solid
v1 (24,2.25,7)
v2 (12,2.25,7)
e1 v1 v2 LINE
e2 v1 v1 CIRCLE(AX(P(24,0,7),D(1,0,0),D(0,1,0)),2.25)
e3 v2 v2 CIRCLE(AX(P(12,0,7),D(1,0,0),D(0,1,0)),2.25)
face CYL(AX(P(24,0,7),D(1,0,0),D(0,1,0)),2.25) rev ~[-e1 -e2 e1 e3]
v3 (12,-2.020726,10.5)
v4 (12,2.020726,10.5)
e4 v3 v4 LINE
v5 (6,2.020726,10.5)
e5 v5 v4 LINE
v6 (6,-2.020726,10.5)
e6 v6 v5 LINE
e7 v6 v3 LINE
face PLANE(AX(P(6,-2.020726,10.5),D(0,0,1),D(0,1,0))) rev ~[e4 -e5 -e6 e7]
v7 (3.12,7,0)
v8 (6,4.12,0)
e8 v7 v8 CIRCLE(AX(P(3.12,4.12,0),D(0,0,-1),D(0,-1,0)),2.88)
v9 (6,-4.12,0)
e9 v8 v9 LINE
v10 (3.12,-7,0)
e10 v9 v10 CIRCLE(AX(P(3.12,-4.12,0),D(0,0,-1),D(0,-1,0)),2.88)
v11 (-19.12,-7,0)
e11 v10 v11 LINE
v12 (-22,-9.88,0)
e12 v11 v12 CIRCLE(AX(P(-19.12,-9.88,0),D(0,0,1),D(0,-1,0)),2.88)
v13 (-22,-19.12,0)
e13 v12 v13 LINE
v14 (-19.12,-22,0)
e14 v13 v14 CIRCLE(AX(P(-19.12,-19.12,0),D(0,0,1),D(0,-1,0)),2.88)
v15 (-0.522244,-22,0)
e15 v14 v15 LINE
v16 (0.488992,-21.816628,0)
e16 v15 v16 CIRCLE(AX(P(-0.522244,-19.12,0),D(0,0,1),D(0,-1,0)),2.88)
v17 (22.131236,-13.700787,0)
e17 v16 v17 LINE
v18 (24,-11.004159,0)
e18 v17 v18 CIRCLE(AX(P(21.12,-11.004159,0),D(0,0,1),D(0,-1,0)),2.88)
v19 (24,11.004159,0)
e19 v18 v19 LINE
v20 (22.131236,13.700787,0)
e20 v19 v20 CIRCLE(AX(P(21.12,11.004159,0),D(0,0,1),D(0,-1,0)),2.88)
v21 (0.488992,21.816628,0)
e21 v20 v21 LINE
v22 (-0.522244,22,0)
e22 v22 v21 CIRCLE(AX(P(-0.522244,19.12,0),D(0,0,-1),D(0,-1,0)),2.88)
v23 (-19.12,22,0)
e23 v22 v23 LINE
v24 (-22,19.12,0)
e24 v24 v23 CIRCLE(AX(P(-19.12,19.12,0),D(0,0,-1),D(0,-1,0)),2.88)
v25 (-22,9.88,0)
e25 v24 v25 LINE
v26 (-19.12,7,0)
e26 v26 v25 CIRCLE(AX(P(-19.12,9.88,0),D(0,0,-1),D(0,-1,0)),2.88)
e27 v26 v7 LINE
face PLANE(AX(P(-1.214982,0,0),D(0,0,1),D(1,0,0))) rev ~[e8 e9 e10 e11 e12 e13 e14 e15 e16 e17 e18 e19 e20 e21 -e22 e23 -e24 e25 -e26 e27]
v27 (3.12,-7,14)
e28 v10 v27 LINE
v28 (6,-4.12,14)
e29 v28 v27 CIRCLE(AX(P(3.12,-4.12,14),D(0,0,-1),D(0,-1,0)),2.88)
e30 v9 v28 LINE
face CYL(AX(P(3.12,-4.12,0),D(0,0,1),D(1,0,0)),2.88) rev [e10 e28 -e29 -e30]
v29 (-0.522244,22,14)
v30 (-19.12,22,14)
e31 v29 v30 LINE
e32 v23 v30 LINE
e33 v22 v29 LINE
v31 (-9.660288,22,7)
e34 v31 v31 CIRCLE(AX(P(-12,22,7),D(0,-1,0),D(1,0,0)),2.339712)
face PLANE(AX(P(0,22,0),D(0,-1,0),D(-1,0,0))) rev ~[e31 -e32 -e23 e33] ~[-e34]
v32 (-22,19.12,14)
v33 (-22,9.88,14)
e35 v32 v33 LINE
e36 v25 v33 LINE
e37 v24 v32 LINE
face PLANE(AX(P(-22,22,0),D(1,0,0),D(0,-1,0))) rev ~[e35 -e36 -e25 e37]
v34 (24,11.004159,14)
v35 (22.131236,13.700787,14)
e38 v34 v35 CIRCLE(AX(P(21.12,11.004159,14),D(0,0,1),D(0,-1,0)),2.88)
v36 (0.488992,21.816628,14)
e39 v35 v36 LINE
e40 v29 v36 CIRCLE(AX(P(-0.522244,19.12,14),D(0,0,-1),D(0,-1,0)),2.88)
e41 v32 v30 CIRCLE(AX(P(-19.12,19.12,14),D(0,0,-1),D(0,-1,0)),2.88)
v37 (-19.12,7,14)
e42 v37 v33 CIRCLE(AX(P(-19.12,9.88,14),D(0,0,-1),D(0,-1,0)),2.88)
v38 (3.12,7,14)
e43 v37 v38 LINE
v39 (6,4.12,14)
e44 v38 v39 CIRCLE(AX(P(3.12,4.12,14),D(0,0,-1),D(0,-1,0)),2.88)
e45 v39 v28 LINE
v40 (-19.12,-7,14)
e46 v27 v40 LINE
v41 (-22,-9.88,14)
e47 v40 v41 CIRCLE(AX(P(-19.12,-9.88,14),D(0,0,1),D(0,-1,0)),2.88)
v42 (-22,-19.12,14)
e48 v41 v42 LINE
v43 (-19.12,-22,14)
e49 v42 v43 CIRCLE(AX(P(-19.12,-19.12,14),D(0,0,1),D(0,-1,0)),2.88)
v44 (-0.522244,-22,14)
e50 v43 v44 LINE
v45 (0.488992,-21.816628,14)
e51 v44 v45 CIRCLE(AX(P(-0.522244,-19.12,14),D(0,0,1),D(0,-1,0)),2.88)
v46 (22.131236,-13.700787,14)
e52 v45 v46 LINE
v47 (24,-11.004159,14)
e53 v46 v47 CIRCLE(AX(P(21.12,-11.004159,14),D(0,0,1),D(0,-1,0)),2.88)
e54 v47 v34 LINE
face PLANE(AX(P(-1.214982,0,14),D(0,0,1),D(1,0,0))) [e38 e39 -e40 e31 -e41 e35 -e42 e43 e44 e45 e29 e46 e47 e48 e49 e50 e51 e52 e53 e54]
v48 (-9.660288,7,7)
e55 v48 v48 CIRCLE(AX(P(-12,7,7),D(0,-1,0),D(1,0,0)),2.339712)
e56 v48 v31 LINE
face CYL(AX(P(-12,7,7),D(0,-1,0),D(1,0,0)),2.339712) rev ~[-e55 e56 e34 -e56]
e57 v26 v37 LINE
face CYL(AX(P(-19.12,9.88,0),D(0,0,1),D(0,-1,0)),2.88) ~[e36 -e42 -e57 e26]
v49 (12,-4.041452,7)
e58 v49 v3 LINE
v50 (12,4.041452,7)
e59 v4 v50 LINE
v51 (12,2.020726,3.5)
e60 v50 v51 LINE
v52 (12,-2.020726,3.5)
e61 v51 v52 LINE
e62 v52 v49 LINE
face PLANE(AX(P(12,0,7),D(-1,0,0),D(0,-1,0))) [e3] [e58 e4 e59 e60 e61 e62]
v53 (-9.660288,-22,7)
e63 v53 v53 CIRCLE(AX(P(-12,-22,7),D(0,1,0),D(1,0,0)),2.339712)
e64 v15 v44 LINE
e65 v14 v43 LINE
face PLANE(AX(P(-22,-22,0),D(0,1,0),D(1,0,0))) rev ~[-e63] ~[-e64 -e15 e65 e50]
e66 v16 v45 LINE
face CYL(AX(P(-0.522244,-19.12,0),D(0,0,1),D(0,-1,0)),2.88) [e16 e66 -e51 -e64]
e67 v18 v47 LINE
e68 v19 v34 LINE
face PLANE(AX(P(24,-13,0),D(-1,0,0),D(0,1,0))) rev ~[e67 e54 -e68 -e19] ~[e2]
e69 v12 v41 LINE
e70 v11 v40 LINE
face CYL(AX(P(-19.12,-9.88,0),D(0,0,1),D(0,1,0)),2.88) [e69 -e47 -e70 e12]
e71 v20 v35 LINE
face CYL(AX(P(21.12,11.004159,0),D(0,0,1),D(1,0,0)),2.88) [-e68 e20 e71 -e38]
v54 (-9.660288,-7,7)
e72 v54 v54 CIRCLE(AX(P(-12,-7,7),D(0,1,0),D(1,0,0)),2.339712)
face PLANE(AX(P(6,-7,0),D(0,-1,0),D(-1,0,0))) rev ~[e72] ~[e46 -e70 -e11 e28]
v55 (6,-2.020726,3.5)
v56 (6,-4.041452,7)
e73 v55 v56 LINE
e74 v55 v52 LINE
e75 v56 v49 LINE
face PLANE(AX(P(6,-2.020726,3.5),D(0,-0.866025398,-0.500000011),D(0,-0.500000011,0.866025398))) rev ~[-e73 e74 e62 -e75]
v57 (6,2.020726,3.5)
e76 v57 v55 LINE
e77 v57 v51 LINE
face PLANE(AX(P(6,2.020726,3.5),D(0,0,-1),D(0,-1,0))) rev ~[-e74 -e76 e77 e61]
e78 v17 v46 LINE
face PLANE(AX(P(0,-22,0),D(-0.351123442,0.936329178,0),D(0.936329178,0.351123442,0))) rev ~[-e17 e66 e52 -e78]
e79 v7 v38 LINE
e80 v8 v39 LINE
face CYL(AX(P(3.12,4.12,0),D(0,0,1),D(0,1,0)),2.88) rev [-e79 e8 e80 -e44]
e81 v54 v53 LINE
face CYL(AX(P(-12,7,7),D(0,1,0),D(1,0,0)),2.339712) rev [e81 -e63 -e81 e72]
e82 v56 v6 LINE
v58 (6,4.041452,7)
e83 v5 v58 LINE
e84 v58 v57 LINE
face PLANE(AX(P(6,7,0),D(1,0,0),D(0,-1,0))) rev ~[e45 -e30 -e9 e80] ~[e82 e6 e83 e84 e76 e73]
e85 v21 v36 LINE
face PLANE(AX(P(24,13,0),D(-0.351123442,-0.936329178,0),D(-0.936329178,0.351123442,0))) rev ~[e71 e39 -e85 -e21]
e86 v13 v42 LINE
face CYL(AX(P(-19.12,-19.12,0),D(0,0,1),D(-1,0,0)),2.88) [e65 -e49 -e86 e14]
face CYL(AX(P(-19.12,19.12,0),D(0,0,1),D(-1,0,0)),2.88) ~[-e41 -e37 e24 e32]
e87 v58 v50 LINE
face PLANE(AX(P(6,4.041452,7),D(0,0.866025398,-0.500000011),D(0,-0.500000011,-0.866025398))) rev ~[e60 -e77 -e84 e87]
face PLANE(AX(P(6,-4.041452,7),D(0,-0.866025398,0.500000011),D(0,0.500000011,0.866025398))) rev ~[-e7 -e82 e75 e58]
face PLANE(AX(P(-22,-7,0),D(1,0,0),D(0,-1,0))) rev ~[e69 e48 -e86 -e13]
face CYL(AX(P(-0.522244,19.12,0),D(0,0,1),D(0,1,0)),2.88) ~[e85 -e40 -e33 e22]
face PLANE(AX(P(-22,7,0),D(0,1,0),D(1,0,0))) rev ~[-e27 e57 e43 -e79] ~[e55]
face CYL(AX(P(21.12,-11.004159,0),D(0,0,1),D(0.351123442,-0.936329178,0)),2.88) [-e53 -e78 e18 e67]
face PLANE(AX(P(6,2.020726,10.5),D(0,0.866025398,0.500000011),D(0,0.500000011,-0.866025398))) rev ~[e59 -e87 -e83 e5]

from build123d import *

# Parameters (mm, degrees)
PAD_DEPTH            = 14
POCKET_DEPTH         = 6
SKETCH002_R          = 2.25
POCKET001_DEPTH      = 46.001
SKETCH003_R          = 2.339712
POCKET002_DEPTH      = 1000
POCKET002_DEPTH_BACK = -100
FILLET_R             = 2.88


with BuildPart() as part:
    # Sketch → Pad (new body)
    with BuildSketch(Plane.XY):
        Polygon((-22, 7), (6, 7), (6, -7), (-22, -7), (-22, -22), (0, -22), (24, -13), (24, 13), (0, 22), (-22, 22), align=None)
    extrude(amount=PAD_DEPTH)

    # Sketch001 (on Face2 of Pad) → Pocket (cut)
    with BuildSketch(Plane(origin=(6, 0, 0), x_dir=(0, -1, 0), z_dir=(-1, 0, 0))):
        Polygon((-2.020726, 3.5), (2.020726, 3.5), (4.041452, 7), (2.020726, 10.5), (-2.020726, 10.5), (-4.041452, 7), align=None)
    extrude(amount=-POCKET_DEPTH, mode=Mode.SUBTRACT)

    # Sketch002 (on Face17 of Pocket) → Pocket001 (cut, through all)
    with BuildSketch(Plane.YZ.offset(24)):
        with Locations((0, 7)):
            Circle(SKETCH002_R)
    extrude(amount=-POCKET001_DEPTH, mode=Mode.SUBTRACT)

    # Sketch003 (on Face1 of Pocket001) → Pocket002 (cut, two sides)
    with BuildSketch(Plane.XZ.offset(-7)) as pocket002_sk:
        with Locations((-12, 7)):
            Circle(SKETCH003_R)
    extrude(amount=-POCKET002_DEPTH, mode=Mode.SUBTRACT)
    extrude(pocket002_sk.sketch, amount=-POCKET002_DEPTH_BACK, mode=Mode.SUBTRACT)

    # Fillet
    fillet_edges = [part.edges().sort_by_distance(p)[0] for p in [
        (6, -7, 7),
        (6, 7, 7),
        (-22, -7, 7),
        (-22, -22, 7),
        (0, -22, 7),
        (24, -13, 7),
        (24, 13, 7),
        (0, 22, 7),
        (-22, 22, 7),
        (-22, 7, 7),
    ]]
    fillet(fillet_edges, radius=FILLET_R)


solid = part.part
